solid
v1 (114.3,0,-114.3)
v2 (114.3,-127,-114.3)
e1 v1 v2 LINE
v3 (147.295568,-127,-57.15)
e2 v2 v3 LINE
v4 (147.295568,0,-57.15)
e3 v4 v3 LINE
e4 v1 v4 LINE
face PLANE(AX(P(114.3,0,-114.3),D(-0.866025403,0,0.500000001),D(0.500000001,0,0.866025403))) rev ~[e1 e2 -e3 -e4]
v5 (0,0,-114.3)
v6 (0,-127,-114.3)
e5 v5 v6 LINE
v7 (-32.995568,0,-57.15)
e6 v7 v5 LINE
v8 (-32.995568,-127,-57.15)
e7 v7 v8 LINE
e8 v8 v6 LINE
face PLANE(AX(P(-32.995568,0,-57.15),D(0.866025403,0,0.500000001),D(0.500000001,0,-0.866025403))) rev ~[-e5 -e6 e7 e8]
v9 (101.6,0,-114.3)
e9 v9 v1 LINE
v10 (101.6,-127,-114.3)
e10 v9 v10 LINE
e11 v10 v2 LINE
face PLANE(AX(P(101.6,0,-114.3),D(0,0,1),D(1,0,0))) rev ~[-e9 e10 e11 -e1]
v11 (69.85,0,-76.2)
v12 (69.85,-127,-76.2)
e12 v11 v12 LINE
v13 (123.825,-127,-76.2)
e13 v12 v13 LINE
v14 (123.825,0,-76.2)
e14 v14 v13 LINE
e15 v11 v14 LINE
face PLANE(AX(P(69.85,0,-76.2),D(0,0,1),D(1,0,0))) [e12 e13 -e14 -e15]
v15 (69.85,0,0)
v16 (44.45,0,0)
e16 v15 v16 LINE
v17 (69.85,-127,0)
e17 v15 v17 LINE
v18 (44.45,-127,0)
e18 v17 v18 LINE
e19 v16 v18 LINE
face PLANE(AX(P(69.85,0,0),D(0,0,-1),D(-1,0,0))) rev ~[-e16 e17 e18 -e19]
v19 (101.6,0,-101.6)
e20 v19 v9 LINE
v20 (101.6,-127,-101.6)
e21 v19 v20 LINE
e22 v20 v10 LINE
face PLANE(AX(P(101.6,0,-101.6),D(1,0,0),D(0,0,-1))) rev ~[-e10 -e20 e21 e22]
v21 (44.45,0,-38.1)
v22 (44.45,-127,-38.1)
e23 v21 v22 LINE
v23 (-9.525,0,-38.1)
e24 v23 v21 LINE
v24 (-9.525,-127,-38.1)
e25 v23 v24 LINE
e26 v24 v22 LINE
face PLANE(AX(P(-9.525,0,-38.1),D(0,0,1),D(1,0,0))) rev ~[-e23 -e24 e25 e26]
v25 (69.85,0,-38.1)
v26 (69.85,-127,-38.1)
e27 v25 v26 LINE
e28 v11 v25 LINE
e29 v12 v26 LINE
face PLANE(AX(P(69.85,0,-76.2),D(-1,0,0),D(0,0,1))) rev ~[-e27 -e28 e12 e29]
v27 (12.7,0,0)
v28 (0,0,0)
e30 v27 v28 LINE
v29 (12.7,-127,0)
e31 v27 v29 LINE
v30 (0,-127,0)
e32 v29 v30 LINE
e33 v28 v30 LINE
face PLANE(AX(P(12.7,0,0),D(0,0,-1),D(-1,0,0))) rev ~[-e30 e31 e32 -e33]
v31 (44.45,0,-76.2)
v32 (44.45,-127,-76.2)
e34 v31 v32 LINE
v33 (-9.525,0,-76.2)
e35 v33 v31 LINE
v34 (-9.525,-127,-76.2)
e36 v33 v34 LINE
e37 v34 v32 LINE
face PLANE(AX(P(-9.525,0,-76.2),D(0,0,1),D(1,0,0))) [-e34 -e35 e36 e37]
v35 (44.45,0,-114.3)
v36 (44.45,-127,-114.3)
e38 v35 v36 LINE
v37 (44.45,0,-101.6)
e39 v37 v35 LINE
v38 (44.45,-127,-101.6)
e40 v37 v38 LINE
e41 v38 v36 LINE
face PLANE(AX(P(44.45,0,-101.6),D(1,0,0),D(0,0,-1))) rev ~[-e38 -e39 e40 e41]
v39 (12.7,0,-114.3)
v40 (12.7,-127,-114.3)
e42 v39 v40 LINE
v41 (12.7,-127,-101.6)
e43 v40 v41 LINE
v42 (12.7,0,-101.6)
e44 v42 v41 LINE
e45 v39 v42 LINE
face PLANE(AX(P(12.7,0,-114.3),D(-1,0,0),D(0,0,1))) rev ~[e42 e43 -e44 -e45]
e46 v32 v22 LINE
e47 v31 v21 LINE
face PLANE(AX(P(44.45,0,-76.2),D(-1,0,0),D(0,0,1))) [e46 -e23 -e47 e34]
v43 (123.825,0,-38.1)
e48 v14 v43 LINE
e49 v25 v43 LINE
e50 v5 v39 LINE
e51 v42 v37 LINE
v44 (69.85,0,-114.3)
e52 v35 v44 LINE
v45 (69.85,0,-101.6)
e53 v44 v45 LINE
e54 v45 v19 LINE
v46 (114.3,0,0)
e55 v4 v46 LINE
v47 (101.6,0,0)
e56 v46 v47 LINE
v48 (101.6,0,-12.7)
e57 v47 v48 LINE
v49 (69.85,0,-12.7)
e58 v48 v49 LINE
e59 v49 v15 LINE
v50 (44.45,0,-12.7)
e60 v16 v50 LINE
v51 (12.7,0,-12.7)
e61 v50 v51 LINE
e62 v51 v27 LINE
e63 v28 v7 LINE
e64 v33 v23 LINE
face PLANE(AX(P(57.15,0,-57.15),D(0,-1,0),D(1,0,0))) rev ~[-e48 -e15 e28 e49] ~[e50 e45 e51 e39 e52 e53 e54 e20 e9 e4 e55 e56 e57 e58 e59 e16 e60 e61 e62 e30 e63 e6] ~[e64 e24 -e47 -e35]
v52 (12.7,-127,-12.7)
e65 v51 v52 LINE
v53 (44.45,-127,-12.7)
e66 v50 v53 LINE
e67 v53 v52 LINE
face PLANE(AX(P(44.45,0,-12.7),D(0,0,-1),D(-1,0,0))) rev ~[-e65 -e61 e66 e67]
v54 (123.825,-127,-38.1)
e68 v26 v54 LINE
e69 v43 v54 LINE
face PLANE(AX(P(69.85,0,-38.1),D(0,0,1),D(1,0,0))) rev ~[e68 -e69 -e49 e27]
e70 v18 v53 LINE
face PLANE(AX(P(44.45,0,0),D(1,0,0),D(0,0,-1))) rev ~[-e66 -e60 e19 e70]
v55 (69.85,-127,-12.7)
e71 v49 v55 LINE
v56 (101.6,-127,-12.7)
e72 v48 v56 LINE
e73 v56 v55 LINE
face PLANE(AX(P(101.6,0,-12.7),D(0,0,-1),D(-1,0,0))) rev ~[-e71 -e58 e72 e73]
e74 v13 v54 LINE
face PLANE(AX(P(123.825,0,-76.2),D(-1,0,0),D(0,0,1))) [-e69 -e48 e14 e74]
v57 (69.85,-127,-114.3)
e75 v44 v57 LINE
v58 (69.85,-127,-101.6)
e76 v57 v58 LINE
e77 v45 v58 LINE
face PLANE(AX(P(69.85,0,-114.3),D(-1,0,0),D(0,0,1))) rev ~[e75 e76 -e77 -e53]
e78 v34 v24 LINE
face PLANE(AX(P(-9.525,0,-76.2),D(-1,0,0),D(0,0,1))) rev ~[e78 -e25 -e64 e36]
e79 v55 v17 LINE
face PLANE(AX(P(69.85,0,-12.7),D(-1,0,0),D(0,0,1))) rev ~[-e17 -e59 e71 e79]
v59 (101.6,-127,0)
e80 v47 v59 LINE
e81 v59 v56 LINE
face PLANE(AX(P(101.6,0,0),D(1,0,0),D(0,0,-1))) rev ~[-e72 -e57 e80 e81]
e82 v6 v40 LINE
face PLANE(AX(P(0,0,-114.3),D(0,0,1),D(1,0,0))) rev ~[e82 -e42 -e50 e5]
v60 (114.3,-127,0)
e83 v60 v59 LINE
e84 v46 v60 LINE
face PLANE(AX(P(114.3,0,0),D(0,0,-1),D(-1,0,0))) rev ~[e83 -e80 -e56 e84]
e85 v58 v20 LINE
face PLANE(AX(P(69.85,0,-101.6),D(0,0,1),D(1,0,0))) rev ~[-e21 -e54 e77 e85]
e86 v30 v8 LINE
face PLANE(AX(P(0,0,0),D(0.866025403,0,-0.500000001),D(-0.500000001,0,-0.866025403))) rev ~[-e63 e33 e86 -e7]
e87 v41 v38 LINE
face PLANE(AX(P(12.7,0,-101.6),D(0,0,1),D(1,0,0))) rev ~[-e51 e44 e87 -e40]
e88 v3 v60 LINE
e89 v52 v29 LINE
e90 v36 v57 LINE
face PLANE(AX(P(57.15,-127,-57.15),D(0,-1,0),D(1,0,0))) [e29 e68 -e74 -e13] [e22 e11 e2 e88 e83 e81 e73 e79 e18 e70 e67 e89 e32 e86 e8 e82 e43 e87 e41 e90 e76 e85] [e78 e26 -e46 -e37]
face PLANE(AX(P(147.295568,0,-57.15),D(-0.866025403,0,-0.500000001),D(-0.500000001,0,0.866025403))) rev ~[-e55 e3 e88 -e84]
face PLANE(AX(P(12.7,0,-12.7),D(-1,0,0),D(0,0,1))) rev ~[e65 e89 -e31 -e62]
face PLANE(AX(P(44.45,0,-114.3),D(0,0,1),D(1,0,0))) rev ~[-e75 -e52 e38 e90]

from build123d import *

# Parameters (mm, degrees)
F0_W     = 53.975
F0_H     = 38.1
F1_DEPTH = 127


with BuildPart() as f1:
    # F0 (on Front) → F1 (new body)
    with BuildSketch(Plane.XZ):
        Polygon((12.7, 0), (0, 0), (-32.995568, -57.15), (0, -114.3), (12.7, -114.3), (12.7, -101.6), (44.45, -101.6), (44.45, -114.3), (69.85, -114.3), (69.85, -101.6), (101.6, -101.6), (101.6, -114.3), (114.3, -114.3), (147.295568, -57.15), (114.3, 0), (101.6, 0), (101.6, -12.7), (69.85, -12.7), (69.85, 0), (44.45, 0), (44.45, -12.7), (12.7, -12.7), align=None)
        with Locations((17.4625, -57.15)):
            Rectangle(F0_W, F0_H, mode=Mode.SUBTRACT)
        with Locations((96.8375, -57.15)):
            Rectangle(F0_W, F0_H, mode=Mode.SUBTRACT)
    extrude(amount=F1_DEPTH)


solid = f1.part
